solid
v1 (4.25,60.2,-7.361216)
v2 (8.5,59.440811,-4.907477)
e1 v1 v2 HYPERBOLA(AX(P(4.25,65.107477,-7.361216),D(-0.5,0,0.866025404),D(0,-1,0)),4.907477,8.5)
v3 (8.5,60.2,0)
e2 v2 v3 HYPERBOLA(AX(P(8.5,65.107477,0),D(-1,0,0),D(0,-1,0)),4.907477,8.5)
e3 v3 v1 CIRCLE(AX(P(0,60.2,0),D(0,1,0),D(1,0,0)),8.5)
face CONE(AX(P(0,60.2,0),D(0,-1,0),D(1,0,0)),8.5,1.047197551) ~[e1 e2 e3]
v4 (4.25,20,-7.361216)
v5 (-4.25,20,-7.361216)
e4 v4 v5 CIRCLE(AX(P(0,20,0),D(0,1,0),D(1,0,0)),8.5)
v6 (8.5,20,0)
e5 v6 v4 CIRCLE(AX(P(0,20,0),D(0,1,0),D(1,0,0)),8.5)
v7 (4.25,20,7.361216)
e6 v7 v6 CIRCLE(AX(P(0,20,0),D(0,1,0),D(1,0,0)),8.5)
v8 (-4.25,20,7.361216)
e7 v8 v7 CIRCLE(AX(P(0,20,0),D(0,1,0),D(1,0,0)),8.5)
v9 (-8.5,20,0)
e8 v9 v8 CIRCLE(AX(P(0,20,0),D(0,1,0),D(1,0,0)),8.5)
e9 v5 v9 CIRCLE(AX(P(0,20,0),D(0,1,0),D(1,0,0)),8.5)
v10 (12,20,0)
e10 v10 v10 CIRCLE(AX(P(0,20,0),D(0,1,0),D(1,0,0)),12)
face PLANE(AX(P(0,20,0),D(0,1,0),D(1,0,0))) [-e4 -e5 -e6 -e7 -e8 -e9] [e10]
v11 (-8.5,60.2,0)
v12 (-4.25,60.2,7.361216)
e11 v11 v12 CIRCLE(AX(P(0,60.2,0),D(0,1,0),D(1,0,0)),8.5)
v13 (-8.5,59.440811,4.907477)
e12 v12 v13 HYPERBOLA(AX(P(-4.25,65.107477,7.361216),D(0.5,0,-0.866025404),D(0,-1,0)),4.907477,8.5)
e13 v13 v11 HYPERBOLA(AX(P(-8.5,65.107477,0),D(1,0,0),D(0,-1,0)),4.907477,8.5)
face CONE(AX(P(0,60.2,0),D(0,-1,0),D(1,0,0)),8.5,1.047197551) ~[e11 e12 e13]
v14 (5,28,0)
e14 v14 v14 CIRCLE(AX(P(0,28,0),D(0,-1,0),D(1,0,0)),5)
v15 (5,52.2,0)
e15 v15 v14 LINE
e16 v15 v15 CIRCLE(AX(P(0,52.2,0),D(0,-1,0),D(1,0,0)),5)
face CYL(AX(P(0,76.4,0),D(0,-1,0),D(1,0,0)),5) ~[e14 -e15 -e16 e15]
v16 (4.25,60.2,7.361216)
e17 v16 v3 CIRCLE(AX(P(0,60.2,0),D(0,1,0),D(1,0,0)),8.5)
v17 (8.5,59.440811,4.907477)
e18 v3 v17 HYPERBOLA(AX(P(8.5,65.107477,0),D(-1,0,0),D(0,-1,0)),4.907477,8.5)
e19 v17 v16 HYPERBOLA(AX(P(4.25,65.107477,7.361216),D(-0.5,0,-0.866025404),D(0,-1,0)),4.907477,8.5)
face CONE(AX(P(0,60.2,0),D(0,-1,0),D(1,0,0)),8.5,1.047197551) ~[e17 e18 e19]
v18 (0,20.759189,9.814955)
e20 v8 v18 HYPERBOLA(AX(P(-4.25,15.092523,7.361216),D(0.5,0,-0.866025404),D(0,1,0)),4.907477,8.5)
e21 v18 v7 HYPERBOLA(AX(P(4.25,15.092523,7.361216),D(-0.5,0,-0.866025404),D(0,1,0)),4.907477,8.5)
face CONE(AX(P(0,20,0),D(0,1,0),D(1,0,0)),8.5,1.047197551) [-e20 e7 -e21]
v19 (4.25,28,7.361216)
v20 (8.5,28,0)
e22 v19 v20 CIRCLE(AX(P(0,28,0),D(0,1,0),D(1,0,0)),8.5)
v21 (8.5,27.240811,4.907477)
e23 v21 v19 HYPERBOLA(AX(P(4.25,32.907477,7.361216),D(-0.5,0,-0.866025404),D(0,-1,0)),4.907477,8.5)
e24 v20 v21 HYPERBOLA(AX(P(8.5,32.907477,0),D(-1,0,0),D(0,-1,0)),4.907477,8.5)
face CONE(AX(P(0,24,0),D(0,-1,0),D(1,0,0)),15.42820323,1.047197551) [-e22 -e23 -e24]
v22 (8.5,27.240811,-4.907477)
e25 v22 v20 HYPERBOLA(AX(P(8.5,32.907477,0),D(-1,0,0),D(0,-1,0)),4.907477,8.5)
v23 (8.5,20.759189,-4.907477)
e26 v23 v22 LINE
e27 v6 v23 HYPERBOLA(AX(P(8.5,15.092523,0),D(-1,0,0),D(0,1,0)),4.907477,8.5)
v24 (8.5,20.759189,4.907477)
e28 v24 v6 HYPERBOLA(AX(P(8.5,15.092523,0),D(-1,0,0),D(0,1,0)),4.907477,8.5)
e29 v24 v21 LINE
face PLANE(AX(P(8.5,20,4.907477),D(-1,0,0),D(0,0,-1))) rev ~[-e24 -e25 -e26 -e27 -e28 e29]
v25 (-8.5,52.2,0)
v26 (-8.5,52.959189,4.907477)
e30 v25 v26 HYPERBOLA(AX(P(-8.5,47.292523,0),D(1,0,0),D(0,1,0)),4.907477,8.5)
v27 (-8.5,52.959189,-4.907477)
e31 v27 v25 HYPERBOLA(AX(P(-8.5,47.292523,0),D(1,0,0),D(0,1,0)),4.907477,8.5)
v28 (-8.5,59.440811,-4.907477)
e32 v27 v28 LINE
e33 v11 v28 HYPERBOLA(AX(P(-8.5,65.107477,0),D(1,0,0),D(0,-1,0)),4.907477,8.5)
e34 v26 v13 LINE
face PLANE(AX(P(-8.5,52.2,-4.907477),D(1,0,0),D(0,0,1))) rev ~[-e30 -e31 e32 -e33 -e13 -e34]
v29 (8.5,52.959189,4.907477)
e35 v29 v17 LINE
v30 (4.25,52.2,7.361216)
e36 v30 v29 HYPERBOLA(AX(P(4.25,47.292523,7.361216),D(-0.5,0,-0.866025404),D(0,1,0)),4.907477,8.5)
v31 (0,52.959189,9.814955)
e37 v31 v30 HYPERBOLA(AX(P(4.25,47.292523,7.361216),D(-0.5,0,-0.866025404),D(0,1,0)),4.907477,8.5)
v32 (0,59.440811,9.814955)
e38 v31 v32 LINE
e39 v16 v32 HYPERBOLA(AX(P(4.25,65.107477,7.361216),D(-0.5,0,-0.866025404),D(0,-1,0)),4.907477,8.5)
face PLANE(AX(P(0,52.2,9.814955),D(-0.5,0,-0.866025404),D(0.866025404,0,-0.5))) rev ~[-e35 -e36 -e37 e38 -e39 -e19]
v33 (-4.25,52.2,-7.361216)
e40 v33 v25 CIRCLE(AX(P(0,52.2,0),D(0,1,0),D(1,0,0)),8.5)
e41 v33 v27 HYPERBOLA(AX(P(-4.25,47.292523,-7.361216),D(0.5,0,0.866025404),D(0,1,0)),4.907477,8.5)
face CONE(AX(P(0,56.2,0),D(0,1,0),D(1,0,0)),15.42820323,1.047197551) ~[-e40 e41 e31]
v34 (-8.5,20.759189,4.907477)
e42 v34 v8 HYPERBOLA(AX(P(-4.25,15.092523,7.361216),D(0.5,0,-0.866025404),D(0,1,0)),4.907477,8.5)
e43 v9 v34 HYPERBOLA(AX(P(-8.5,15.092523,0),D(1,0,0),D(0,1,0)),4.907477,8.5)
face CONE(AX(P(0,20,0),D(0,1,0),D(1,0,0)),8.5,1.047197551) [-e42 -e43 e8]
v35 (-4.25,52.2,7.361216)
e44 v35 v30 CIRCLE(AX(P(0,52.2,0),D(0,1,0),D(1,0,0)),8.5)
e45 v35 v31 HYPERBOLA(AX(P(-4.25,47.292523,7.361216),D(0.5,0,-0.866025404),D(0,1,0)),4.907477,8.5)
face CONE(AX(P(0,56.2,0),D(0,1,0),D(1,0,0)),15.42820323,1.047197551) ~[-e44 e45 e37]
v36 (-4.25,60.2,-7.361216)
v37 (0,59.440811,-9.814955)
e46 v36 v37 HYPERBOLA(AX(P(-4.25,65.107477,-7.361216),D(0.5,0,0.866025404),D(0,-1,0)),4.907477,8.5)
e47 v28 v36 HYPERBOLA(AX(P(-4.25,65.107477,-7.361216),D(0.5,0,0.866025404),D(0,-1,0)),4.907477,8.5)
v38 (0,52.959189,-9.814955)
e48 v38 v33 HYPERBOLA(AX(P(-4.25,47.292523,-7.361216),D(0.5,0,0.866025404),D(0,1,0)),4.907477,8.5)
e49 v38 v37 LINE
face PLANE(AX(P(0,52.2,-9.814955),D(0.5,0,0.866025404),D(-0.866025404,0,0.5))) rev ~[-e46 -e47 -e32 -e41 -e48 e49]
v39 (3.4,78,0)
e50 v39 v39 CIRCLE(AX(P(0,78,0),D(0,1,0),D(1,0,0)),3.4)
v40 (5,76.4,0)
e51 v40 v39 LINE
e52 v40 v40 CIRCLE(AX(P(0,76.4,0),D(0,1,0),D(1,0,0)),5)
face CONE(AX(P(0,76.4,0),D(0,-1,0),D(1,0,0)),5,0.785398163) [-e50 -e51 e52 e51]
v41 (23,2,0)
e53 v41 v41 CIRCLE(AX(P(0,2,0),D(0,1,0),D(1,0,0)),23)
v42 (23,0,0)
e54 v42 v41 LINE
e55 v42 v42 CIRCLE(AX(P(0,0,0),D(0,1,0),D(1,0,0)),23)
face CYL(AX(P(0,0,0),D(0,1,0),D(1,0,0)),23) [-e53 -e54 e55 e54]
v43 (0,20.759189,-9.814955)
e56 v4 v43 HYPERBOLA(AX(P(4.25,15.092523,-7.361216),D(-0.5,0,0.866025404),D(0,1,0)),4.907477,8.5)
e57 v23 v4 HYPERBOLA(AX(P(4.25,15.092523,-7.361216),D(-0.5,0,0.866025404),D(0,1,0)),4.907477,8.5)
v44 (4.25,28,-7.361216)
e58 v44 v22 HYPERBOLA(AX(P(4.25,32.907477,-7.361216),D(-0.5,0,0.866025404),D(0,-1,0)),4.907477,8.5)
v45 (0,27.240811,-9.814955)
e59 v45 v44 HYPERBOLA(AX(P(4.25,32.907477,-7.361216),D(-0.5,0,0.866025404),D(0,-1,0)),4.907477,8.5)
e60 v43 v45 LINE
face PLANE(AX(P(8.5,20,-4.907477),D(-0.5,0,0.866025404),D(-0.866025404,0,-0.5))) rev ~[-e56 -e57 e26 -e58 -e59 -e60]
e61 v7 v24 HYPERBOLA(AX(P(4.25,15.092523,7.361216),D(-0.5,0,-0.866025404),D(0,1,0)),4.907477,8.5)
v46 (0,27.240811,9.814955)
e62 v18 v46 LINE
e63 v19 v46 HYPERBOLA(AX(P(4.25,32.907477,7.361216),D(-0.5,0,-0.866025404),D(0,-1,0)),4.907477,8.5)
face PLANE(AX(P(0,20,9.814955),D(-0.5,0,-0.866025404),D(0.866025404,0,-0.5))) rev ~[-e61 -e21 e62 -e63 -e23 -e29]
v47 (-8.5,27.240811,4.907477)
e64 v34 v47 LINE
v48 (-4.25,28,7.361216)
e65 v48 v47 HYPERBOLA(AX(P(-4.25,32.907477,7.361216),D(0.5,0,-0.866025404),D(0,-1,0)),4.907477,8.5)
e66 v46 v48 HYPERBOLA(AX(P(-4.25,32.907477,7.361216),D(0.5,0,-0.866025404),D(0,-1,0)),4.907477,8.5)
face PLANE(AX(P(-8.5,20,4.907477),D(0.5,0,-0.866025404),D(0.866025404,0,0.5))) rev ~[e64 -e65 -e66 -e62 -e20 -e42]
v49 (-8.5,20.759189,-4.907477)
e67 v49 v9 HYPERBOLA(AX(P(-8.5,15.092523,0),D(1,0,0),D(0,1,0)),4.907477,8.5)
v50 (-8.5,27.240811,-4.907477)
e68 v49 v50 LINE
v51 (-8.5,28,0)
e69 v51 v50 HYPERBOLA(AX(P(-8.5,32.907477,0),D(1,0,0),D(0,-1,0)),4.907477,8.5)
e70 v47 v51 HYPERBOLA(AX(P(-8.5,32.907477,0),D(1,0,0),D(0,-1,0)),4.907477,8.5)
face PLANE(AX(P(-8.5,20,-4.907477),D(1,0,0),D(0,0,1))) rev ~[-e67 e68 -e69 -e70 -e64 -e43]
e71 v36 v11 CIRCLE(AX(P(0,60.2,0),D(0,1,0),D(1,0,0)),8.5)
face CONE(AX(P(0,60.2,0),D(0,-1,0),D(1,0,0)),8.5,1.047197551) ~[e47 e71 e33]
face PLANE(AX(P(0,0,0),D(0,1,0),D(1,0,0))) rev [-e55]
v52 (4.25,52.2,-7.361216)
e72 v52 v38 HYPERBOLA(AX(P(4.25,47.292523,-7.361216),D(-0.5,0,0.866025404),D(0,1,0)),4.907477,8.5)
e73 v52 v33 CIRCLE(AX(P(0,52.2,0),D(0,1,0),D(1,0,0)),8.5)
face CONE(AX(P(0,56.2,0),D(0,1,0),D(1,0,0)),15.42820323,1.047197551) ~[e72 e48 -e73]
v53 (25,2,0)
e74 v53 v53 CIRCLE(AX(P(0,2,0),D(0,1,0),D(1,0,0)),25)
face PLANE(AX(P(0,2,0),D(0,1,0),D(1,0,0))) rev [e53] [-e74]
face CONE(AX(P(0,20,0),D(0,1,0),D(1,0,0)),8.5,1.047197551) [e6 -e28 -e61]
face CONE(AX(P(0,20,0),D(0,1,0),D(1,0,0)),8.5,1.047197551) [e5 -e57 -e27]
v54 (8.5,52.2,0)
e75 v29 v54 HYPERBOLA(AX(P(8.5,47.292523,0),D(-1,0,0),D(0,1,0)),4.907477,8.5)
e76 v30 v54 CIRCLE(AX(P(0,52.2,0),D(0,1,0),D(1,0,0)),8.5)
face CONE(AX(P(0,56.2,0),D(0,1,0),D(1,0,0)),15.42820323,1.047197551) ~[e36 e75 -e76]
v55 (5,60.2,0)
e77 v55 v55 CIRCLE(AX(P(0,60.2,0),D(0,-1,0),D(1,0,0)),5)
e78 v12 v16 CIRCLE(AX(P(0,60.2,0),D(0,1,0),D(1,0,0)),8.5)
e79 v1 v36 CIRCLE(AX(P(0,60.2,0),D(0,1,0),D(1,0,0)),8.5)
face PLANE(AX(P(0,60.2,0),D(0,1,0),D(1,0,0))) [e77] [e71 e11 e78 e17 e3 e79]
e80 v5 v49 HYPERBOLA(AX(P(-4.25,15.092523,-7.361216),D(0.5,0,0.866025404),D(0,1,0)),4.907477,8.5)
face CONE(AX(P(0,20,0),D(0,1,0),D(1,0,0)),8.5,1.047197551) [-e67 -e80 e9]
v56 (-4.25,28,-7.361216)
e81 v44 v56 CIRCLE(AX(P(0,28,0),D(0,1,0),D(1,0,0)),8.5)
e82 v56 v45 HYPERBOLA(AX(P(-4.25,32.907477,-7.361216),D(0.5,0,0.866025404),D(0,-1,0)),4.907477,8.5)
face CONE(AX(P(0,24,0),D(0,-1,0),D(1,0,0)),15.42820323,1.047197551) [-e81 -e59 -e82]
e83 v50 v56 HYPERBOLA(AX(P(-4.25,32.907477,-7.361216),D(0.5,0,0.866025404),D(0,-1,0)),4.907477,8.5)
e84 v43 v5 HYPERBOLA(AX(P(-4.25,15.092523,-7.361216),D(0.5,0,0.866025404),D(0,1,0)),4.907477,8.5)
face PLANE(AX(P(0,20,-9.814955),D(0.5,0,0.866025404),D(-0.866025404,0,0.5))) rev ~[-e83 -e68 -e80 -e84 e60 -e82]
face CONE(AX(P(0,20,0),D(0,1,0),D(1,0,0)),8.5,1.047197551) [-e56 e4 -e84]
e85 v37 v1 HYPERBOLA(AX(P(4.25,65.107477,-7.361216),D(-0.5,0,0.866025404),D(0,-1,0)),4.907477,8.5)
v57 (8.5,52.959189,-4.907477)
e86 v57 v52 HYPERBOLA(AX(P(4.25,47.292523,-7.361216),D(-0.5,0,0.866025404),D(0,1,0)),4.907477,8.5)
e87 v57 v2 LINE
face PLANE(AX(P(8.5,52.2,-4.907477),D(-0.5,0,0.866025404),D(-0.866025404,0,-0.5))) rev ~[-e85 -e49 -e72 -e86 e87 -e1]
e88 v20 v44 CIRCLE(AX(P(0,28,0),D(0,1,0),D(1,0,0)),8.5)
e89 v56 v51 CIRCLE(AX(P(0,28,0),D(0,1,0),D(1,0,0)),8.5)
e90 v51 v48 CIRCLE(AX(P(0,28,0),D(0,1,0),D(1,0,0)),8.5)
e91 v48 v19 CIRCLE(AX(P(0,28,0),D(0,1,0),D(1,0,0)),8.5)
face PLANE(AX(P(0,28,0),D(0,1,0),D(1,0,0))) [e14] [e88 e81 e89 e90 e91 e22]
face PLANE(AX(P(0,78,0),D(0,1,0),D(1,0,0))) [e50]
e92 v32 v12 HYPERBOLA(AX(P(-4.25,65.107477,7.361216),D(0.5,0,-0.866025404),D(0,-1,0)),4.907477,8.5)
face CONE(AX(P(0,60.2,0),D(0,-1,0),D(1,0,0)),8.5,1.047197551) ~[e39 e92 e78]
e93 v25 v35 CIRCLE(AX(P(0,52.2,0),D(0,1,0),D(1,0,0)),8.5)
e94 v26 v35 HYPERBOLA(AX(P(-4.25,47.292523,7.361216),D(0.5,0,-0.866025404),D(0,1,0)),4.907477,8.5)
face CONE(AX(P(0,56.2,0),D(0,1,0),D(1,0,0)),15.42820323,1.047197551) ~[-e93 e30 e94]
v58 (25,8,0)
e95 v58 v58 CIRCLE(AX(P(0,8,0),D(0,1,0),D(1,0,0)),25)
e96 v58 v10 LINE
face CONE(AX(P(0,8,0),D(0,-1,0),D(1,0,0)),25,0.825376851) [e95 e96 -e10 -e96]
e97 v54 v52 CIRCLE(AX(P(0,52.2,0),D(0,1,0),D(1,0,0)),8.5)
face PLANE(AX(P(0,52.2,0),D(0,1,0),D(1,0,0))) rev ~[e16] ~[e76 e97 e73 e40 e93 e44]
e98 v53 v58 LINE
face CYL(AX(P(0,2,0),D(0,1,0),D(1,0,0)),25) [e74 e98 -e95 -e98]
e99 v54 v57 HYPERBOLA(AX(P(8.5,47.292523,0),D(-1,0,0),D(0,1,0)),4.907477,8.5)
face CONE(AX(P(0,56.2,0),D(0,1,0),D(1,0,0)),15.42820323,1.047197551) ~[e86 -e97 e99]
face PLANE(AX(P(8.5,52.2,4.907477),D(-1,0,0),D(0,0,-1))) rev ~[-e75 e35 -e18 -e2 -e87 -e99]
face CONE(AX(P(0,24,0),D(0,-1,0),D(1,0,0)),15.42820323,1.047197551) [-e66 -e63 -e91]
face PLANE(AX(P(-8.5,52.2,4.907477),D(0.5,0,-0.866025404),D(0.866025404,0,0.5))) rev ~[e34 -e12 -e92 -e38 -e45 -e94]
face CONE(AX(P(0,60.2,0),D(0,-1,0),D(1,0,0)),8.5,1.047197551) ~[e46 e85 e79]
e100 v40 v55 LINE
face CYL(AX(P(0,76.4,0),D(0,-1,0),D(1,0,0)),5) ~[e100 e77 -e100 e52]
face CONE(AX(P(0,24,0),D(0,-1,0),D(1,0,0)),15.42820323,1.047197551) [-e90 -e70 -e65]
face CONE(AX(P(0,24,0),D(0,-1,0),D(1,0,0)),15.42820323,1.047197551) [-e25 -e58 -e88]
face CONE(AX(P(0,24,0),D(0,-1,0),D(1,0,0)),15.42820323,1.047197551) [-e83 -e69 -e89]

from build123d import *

# Parameters (mm, degrees)
EXTRUDE_1_DEPTH = 8
EXTRUDE_2_DEPTH = 8


with BuildPart() as part:
    # Эскиз1 → Повернуть1 (revolve)
    with BuildSketch(Plane.XY, mode=Mode.PRIVATE) as revolve_1_sk:
        Polygon((0, 0), (-23, 0), (-23, 2), (-25, 2), (-25, 8), (-12, 20), (-5, 20), (-5, 28), (-5, 76.4), (-3.4, 78), (0, 78), align=None)
    revolve(revolve_1_sk.sketch.rotate(Axis((0, 0, 0), (0, 1, 0)), 180), axis=Axis((0, 0, 0), (0, 1, 0)))  # turned: the seam where the file's is

    # Эскиз2 → Бобышка-Вытянуть1 (add)
    with BuildSketch(Plane(origin=(0, 20, 0), x_dir=(1, 0, 0), z_dir=(0, 1, 0))):
        Polygon((0, 9.814954576), (-8.5, 4.907477288), (-8.5, -4.907477288), (0, -9.814954576), (8.5, -4.907477288), (8.5, 4.907477288), align=None)
    extrude(amount=EXTRUDE_1_DEPTH)

    # Эскиз3 → Бобышка-Вытянуть2 (add)
    with BuildSketch(Plane(origin=(0, 52.2, 0), x_dir=(1, 0, 0), z_dir=(0, 1, 0))):
        Polygon((8.5, 4.907477288), (0, 9.814954576), (-8.5, 4.907477288), (-8.5, -4.907477288), (0, -9.814954576), (8.5, -4.907477288), align=None)
    extrude(amount=EXTRUDE_2_DEPTH)

    # Эскиз4 → Вырез-Повернуть2 (revolve, cut)
    with BuildSketch(Plane.XY, mode=Mode.PRIVATE) as cut_revolve_2_sk:
        Polygon((-15.42820323, 60.2), (-8.5, 60.2), (-15.42820323, 56.2), align=None)
        Polygon((-15.42820323, 52.2), (-15.42820323, 56.2), (-8.5, 52.2), align=None)
        Polygon((-15.42820323, 28), (-15.42820323, 24), (-8.5, 28), align=None)
        Polygon((-15.42820323, 24), (-15.42820323, 20), (-8.5, 20), align=None)
    revolve(cut_revolve_2_sk.sketch.rotate(Axis((0, 78, 0), (0, 1, 0)), 180), axis=Axis((0, 78, 0), (0, 1, 0)), mode=Mode.SUBTRACT)  # turned: the seam where the file's is


solid = part.part
